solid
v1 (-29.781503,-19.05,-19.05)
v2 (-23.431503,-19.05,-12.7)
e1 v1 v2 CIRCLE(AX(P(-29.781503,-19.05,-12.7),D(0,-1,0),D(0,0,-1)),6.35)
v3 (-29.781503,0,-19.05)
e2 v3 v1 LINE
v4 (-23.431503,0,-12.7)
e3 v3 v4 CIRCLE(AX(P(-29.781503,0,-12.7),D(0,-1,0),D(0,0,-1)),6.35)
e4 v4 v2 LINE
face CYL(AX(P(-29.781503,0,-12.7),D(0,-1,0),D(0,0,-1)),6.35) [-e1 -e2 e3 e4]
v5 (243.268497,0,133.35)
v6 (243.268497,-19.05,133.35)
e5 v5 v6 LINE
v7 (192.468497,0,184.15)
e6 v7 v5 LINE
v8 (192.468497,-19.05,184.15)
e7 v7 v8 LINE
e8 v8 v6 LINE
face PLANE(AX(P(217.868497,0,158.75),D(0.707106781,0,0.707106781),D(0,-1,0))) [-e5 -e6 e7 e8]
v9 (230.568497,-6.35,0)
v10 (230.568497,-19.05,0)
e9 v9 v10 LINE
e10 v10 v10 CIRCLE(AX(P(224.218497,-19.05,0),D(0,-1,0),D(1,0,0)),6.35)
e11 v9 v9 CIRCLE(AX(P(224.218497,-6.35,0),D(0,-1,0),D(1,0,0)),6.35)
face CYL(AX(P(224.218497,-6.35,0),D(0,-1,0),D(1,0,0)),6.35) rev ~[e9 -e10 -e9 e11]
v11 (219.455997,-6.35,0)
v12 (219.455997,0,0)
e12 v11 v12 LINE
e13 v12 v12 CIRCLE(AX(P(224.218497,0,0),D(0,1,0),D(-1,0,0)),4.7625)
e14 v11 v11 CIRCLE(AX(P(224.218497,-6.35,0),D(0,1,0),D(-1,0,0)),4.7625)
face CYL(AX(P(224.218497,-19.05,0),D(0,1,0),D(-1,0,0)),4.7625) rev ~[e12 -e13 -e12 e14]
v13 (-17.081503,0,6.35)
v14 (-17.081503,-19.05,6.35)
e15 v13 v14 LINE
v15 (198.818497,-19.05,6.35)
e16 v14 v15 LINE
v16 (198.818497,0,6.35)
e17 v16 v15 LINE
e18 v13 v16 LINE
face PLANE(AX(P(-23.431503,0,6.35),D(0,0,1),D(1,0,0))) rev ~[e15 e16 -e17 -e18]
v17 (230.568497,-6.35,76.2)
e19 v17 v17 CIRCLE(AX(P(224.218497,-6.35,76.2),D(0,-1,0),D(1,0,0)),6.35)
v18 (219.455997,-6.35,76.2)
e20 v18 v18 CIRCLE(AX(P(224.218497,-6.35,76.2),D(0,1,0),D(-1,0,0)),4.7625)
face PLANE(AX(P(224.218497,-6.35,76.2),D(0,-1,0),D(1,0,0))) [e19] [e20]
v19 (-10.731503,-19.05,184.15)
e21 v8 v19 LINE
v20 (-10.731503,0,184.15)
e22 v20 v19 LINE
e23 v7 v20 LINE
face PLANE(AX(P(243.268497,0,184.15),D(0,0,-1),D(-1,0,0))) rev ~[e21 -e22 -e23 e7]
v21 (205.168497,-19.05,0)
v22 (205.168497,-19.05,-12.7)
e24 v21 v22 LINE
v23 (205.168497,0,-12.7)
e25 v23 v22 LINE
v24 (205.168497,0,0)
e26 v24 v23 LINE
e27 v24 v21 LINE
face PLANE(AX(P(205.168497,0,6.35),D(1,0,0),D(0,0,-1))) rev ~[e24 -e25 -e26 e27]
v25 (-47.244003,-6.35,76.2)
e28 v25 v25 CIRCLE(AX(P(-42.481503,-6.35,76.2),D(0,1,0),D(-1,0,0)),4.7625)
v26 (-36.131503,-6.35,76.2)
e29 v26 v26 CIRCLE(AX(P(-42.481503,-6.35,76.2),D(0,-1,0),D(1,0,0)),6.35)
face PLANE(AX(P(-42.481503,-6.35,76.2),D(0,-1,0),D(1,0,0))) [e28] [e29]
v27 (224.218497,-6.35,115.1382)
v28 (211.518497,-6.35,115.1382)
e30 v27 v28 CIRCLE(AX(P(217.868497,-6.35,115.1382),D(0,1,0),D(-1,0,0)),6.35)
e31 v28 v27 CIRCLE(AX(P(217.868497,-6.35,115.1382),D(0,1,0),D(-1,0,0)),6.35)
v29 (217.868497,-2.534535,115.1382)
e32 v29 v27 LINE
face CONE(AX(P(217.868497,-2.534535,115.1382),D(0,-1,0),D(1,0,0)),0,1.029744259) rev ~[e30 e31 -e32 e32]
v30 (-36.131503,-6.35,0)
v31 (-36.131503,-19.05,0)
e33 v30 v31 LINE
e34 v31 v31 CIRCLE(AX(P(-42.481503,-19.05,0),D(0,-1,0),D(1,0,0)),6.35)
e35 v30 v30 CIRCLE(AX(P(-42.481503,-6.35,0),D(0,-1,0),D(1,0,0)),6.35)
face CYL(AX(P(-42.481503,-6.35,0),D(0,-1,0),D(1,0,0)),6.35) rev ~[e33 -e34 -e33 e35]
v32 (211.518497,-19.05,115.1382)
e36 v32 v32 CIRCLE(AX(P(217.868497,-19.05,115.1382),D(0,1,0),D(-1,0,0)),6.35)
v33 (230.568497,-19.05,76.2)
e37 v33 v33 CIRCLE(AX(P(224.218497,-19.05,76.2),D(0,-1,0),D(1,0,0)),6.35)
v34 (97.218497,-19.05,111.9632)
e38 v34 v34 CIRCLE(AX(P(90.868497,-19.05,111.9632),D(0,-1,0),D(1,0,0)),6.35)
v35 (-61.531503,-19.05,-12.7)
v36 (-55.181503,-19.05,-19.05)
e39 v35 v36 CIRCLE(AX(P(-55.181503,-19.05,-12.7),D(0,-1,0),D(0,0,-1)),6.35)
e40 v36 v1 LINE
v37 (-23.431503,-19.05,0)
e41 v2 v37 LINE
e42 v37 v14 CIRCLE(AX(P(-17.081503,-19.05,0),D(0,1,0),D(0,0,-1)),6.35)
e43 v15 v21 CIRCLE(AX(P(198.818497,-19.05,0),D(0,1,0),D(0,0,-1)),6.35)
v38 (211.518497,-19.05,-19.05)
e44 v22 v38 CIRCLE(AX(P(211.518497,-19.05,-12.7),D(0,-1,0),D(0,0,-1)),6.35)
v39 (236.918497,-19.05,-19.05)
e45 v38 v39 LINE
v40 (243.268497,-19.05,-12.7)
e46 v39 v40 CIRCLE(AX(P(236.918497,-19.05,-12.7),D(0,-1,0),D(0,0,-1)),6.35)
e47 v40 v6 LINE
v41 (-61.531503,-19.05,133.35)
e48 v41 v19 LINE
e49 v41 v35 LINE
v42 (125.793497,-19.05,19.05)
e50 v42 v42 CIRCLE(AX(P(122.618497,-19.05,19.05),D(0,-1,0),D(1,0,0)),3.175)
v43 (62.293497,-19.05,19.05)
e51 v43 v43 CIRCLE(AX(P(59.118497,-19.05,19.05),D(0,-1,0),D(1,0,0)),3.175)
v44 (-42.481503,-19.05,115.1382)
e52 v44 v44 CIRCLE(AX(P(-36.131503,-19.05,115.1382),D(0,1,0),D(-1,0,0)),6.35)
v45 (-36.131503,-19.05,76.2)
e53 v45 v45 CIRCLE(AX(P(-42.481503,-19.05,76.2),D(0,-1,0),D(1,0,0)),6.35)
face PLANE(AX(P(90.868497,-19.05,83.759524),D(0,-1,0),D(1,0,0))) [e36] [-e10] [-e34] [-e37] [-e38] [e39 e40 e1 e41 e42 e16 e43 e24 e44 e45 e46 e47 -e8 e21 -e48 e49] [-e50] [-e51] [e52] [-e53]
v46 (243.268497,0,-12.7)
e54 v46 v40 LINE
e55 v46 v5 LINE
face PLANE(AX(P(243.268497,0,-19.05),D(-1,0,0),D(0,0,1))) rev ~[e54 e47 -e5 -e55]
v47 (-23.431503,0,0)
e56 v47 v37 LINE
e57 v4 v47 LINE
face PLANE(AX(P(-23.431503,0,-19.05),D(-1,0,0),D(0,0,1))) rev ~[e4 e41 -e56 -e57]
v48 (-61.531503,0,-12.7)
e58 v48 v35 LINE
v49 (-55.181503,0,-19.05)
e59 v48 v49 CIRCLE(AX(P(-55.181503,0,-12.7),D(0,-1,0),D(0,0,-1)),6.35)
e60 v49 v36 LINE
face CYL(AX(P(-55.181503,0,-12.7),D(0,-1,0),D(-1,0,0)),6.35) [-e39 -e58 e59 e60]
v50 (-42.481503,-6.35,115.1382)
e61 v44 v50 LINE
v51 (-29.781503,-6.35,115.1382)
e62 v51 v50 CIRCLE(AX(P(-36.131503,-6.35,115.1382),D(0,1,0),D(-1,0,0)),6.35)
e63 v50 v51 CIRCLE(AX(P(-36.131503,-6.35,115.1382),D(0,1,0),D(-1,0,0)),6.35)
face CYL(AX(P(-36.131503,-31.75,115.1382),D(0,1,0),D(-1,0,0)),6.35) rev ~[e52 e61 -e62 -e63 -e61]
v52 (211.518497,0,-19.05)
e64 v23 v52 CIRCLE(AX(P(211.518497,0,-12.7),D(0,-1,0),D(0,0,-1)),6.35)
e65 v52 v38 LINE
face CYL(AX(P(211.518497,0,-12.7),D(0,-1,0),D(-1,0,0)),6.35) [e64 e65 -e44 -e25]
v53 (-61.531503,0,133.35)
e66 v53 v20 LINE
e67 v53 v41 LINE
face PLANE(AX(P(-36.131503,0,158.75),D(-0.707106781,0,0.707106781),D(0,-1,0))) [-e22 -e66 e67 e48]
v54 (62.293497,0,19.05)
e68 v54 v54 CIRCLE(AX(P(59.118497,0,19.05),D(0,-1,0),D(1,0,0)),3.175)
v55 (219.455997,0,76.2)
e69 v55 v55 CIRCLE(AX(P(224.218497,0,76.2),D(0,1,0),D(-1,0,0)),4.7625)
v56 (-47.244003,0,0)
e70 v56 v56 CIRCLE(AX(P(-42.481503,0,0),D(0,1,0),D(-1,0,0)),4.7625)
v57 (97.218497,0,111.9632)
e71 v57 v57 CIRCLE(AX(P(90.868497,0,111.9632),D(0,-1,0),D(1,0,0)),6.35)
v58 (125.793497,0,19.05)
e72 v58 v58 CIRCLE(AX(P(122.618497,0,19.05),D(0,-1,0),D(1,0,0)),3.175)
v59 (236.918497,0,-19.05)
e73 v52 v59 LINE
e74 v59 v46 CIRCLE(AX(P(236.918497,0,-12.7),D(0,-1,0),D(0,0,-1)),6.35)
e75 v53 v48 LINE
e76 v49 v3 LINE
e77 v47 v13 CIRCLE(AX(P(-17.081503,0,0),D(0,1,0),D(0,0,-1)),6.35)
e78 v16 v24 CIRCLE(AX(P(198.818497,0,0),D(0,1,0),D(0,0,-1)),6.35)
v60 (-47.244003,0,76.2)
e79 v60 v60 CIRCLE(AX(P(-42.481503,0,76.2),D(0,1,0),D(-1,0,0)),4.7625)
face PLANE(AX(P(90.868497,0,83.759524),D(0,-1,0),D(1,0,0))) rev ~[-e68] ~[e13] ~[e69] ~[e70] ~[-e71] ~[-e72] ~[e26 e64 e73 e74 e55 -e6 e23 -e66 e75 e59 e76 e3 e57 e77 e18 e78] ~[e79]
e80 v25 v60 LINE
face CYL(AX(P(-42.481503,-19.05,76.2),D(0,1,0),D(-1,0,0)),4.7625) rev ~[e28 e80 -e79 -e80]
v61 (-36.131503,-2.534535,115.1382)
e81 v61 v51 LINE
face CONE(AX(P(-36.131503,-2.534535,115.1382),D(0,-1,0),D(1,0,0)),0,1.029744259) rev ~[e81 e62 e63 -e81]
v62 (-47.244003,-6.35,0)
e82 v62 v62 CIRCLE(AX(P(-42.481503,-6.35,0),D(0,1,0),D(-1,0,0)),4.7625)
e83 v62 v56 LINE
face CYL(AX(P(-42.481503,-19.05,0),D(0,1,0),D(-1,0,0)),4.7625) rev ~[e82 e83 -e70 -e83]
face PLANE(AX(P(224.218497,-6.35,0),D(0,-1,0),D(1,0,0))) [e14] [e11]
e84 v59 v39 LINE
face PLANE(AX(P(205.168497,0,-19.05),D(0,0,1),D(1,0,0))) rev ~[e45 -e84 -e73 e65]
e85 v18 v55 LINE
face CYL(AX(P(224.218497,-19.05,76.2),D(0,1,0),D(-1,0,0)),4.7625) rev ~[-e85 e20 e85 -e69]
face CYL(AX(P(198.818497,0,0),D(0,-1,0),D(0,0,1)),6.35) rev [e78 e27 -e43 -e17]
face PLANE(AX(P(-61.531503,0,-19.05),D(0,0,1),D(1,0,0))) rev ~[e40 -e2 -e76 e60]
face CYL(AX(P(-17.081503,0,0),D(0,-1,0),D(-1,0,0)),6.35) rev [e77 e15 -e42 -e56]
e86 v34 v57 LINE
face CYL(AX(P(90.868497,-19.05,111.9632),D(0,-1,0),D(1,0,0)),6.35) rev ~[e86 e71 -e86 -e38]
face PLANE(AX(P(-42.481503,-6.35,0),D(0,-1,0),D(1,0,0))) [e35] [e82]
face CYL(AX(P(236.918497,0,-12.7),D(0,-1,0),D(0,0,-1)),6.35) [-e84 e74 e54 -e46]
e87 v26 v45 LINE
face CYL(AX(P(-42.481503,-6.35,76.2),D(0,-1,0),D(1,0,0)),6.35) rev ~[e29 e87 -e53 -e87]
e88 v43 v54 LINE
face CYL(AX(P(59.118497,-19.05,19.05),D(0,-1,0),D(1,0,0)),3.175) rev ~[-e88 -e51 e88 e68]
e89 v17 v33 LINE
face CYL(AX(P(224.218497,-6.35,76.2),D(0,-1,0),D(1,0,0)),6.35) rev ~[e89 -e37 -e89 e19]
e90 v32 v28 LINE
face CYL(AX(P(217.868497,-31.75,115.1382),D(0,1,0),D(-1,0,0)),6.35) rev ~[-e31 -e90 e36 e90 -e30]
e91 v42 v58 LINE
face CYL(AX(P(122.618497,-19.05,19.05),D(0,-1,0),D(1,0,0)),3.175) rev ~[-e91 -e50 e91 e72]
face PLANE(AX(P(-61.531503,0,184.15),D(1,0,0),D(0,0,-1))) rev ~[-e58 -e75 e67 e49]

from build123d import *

# Parameters (mm, degrees)
F1_DEPTH       = 19.05
F2_R           = 6.35
F3_SIZE2       = 50.8
F3_SIZE        = 50.8
F4_R           = 6.35
F4_R_2         = 3.175
F5_DEPTH       = 25.4
F6_D           = 12.7
F6_DEPTH       = 12.7
F6_TIP         = 3.8154649308
F7_D           = 9.525
F7_DEPTH       = 25.4
F7_CBORE_D     = 12.7
F7_CBORE_DEPTH = 12.7
F7_TIP         = 2.8615986981


with BuildPart() as f1:
    # F0 (on Front) → F1 (new body)
    with BuildSketch(Plane.XZ):
        Polygon((-61.5315027535, 184.1499997646), (-61.5315027535, -19.0500002354), (-23.4315027535, -19.0500002354), (-23.4315027535, 6.3499997646), (205.1684972465, 6.3499997646), (205.1684972465, -19.0500002354), (243.2684972465, -19.0500002354), (243.2684972465, 184.1499997646), align=None)
    extrude(amount=F1_DEPTH)

    # F2
    f2_edges = [f1.edges().sort_by_distance(p)[0] for p in [
        (-23.431503, -9.525, 6.35),
        (-61.531503, -9.525, -19.05),
        (243.268497, -9.525, -19.05),
        (205.168497, -9.525, -19.05),
        (205.168497, -9.525, 6.35),
        (-23.431503, -9.525, -19.05),
    ]]
    fillet(f2_edges, radius=F2_R)

    # F3
    f3_edges = [f1.edges().sort_by_distance(p)[0] for p in [
        (243.268497, -9.525, 184.15),
        (-61.531503, -9.525, 184.15),
    ]]
    chamfer(f3_edges, length=F3_SIZE, length2=F3_SIZE2)

    # F4 (on face) → F5 (cut)
    with BuildSketch(Plane.XZ.offset(19.05)):
        with Locations((90.8684972465, 111.9631997646)):
            Circle(F4_R)
        with Locations((59.1184972465, 19.0499997646)):
            Circle(F4_R_2)
        with Locations((122.6184972465, 19.0499997646)):
            Circle(F4_R_2)
    extrude(amount=-F5_DEPTH, mode=Mode.SUBTRACT)

    # F6
    with Locations(Plane.XZ.offset(19.05)):
        with Locations((-36.1315027535, 115.1381997646), (217.8684972465, 115.1381997646)):
            Hole(F6_D / 2, depth=F6_DEPTH)
            with Locations((0, 0, -(F6_DEPTH + F6_TIP / 2))):  # 118° drill point
                Cone(0, F6_D / 2, F6_TIP, mode=Mode.SUBTRACT)

    # F7
    with Locations(Plane.XZ.offset(19.05)):
        with Locations((-42.4815027535, 76.1999997646), (-42.4815027535, -2.354e-07), (224.2184972465, -2.354e-07), (224.2184972465, 76.1999997646)):
            CounterBoreHole(F7_D / 2, F7_CBORE_D / 2, F7_CBORE_DEPTH, depth=F7_DEPTH)
            with Locations((0, 0, -(F7_DEPTH + F7_TIP / 2))):  # 118° drill point
                Cone(0, F7_D / 2, F7_TIP, mode=Mode.SUBTRACT)


solid = f1.part
